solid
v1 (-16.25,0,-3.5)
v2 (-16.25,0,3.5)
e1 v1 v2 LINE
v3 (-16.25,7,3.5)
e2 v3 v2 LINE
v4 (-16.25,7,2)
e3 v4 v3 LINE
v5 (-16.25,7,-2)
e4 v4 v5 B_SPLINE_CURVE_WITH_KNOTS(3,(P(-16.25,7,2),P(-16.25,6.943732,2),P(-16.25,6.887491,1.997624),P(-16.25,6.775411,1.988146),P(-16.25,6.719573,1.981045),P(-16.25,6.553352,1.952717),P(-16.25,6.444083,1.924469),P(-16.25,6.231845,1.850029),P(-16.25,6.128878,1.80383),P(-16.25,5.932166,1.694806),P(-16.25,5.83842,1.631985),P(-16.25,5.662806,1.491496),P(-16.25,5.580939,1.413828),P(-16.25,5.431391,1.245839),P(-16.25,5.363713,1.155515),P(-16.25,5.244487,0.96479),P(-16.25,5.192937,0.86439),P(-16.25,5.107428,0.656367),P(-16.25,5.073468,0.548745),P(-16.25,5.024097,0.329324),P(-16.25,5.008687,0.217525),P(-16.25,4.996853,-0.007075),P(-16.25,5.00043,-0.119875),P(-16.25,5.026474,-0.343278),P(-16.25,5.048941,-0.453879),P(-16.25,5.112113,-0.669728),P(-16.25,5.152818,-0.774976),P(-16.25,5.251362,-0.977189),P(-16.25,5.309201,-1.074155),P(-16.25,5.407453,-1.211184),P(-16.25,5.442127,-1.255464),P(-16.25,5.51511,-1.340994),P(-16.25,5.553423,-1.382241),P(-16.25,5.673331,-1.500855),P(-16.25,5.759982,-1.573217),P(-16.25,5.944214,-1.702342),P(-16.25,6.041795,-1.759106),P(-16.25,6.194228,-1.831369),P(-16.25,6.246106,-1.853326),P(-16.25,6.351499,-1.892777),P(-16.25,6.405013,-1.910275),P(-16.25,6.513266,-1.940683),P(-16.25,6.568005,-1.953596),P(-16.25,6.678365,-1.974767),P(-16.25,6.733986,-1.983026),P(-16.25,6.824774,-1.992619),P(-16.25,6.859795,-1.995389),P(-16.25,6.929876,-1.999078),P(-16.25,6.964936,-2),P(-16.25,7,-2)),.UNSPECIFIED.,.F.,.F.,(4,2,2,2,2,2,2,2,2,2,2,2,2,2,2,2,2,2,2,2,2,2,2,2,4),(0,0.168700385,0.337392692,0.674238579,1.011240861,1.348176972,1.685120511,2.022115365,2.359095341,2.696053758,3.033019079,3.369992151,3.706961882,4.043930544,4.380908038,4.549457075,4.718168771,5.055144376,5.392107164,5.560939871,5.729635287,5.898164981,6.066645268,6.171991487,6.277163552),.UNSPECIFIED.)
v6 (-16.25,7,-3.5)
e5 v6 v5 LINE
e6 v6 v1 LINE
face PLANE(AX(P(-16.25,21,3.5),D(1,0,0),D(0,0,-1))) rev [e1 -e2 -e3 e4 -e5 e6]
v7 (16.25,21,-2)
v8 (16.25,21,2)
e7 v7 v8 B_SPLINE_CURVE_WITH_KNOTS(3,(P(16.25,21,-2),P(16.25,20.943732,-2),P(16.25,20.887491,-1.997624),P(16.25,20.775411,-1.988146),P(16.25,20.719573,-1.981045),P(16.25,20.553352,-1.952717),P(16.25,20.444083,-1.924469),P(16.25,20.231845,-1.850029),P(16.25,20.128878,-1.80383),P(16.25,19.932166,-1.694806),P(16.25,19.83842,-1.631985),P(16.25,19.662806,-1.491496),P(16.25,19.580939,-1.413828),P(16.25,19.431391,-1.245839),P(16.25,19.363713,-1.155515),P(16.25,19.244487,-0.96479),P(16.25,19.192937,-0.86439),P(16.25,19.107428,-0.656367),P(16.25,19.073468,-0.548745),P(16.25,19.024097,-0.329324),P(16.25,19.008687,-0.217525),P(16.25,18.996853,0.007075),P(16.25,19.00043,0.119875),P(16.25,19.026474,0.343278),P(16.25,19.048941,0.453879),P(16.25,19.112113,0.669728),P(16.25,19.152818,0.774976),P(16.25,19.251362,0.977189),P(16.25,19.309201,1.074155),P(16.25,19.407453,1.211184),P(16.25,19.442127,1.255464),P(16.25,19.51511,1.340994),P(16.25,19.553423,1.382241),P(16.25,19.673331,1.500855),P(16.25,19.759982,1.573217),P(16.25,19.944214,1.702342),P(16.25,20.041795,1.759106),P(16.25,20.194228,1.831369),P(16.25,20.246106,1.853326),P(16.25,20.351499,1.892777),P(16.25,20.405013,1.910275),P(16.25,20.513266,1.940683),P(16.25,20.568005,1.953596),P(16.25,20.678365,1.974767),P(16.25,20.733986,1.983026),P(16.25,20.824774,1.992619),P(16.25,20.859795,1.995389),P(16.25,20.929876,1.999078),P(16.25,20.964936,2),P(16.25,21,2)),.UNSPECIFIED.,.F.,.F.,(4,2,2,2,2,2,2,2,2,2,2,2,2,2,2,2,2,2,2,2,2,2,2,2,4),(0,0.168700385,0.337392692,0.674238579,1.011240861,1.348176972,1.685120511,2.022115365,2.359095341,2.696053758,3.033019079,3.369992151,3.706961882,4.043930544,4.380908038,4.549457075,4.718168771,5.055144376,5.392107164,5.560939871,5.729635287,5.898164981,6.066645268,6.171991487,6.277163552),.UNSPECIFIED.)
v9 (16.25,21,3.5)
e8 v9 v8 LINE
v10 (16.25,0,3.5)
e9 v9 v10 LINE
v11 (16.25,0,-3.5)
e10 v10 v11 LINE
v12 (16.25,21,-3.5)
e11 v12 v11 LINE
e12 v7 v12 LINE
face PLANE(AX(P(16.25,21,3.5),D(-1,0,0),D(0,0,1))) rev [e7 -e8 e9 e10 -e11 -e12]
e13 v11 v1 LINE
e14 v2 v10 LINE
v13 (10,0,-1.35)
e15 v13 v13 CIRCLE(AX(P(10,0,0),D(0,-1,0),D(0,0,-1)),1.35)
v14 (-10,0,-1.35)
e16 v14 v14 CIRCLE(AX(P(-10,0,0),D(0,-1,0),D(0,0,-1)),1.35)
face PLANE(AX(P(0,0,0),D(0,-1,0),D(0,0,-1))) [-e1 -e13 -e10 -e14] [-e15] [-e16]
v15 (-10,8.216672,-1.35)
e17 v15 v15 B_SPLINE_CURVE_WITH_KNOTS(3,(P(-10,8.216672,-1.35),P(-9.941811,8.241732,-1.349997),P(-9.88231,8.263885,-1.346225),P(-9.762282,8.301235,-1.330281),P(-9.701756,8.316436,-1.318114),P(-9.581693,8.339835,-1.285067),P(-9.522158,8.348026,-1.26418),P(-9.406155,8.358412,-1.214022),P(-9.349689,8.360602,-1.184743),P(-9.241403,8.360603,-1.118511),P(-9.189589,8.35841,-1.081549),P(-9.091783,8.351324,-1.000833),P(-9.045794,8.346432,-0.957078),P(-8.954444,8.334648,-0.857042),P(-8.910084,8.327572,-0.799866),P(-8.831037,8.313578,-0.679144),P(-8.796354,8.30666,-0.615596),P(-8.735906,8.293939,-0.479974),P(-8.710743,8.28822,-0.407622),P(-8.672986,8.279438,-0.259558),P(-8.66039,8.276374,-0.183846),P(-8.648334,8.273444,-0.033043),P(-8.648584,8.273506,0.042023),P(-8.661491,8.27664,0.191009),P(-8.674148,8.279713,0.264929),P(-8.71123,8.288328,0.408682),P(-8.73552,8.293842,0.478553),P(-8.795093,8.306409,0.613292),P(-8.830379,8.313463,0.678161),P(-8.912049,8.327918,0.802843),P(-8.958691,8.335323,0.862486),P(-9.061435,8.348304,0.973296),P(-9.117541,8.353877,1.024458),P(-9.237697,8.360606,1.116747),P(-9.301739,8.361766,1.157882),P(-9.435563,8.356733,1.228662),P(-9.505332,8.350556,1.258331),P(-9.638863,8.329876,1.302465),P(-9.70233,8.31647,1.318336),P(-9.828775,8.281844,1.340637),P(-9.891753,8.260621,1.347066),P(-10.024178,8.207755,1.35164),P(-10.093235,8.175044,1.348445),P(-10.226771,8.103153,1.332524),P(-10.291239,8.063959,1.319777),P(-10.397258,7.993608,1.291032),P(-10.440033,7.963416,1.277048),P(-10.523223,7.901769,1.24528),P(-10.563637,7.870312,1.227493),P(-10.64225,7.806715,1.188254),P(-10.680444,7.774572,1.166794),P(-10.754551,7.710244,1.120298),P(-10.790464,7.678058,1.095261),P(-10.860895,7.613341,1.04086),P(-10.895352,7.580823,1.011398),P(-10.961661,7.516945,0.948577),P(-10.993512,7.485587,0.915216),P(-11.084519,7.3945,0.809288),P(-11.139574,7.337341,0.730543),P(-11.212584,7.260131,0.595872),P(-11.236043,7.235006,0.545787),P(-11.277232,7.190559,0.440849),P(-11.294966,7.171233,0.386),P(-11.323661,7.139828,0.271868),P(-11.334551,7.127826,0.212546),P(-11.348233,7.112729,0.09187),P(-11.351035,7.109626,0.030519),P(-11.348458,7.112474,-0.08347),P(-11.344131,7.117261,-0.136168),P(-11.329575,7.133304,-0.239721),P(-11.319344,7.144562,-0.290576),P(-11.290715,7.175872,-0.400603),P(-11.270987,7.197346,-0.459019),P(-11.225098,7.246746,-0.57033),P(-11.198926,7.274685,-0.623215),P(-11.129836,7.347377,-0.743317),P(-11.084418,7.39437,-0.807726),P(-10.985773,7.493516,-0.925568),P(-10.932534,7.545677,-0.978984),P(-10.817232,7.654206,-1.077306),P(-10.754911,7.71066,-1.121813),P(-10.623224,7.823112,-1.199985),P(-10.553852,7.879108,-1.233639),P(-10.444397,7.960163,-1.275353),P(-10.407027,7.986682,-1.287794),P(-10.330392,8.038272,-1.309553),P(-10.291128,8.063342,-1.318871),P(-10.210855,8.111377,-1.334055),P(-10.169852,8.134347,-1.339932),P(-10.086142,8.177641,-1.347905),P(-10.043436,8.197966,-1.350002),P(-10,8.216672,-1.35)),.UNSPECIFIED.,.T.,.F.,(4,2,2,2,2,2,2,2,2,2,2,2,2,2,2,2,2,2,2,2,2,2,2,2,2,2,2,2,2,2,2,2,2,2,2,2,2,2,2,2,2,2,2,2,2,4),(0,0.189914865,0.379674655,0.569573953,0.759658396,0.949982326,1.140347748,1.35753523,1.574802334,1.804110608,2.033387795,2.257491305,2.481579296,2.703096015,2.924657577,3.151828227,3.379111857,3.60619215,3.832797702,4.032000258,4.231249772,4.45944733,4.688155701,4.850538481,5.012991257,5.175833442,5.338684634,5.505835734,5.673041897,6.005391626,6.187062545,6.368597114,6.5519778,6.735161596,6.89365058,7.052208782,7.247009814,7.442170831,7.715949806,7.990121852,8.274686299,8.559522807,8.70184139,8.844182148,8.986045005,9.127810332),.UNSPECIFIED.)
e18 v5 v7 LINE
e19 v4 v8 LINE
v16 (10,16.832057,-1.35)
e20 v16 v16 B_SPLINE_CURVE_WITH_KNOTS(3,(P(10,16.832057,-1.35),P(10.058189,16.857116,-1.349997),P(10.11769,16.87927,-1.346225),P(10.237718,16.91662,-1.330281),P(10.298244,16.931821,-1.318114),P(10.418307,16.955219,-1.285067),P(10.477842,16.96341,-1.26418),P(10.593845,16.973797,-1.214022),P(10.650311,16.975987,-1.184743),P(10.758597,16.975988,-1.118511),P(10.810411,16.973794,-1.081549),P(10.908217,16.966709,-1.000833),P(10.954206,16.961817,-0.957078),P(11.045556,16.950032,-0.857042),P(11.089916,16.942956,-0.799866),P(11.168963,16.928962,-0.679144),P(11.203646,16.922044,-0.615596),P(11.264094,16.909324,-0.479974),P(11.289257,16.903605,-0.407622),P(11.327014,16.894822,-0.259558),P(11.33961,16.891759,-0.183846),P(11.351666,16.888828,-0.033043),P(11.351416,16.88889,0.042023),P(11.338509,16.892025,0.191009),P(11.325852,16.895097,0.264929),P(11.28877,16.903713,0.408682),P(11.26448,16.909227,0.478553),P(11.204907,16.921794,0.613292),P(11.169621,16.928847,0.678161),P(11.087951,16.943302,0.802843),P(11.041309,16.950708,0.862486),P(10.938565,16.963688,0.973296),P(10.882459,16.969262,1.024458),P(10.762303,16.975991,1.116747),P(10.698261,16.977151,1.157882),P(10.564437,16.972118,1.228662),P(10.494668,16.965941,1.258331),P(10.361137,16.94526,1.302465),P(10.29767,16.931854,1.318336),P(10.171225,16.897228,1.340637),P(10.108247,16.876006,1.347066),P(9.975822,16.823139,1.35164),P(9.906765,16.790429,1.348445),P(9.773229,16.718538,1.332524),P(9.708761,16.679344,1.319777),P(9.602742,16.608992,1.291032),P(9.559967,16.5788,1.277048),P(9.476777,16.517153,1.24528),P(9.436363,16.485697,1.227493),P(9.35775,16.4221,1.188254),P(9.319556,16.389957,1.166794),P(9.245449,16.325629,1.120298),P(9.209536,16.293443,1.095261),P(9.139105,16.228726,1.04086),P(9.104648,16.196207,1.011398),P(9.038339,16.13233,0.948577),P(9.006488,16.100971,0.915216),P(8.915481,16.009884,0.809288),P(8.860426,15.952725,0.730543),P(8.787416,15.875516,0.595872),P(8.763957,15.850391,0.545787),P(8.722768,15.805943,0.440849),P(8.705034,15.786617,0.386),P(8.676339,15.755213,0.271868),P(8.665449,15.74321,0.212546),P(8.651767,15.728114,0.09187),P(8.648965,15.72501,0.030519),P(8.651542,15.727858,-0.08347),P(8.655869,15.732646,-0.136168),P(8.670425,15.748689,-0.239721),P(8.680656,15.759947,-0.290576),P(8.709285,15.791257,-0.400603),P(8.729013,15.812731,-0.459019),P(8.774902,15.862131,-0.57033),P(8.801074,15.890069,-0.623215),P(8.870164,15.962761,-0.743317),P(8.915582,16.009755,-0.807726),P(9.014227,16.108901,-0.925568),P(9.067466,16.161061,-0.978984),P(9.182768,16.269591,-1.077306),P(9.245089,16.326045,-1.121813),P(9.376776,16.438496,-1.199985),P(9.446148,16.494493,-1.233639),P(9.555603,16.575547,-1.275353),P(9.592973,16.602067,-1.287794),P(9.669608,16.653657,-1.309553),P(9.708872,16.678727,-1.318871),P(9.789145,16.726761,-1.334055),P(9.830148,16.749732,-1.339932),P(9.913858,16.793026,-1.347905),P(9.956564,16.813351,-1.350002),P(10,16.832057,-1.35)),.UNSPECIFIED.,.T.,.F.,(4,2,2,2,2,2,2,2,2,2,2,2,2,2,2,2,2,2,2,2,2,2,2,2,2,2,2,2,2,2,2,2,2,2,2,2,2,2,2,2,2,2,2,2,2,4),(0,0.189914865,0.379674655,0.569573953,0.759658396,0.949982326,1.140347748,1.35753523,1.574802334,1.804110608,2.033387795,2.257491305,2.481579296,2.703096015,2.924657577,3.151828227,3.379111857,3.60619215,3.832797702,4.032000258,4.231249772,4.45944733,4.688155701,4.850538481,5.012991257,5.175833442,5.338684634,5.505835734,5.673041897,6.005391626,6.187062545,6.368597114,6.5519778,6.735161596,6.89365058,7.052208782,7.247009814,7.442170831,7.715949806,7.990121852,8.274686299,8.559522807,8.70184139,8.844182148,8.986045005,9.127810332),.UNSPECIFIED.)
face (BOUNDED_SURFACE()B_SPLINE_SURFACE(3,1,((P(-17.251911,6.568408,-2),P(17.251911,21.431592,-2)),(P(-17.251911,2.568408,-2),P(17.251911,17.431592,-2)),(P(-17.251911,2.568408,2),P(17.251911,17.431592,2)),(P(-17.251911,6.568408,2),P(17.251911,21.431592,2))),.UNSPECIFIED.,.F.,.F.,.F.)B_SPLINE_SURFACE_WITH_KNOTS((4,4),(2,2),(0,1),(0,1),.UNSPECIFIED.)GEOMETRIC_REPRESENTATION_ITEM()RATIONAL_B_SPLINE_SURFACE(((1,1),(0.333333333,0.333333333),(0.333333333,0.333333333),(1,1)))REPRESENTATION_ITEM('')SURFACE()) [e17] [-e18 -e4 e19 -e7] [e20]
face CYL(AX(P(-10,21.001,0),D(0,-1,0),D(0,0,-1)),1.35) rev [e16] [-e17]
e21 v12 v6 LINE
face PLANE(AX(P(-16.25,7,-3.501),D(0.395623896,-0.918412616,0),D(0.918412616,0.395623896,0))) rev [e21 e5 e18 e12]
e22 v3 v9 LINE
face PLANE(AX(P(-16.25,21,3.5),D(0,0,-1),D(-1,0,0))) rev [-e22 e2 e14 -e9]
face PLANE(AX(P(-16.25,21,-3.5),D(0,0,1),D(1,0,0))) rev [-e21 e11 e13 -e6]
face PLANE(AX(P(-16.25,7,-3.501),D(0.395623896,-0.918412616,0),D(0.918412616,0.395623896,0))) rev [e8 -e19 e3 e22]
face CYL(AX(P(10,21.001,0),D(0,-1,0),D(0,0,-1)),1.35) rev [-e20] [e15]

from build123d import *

# Parameters (mm, degrees)
SKETCH_1_W          = 32.5
SKETCH_1_H          = 7
EXTRUDE_1_DEPTH     = 21
CUT_EXTRUDE_1_REACH = 28.783
SKETCH_2_R          = 1.35
CUT_EXTRUDE_2_REACH = 29.46


with BuildPart() as part:
    # 草图1 → 凸台-拉伸1 (new body)
    with BuildSketch(Plane(origin=(0, 0, 0), x_dir=(1, 0, 0), z_dir=(0, 1, 0))):
        Rectangle(SKETCH_1_W, SKETCH_1_H)
    extrude(amount=EXTRUDE_1_DEPTH)

    # 草图2 → 切除-拉伸1 (cut, up to next)
    with BuildSketch(Plane.XZ, mode=Mode.PRIVATE) as cut_extrude_1_sk1:
        with Locations(Location((-10, 0, 0), (0, 0, 270))):
            Circle(SKETCH_2_R)
    cut_extrude_1_tool1 = extrude(cut_extrude_1_sk1.sketch, amount=-CUT_EXTRUDE_1_REACH, mode=Mode.PRIVATE) & part.part
    # 草图2 → 切除-拉伸1 (cut, up to next)
    with BuildSketch(Plane.XZ, mode=Mode.PRIVATE) as cut_extrude_1_sk2:
        with Locations(Location((10, 0, 0), (0, 0, 270))):
            Circle(SKETCH_2_R)
    cut_extrude_1_tool2 = extrude(cut_extrude_1_sk2.sketch, amount=-CUT_EXTRUDE_1_REACH, mode=Mode.PRIVATE) & part.part
    add(cut_extrude_1_tool1.solids().sort_by_distance((-10, 0, 0))[0], mode=Mode.SUBTRACT)
    add(cut_extrude_1_tool2.solids().sort_by_distance((10, 0, 0))[0], mode=Mode.SUBTRACT)

    # 草图3 → 切除-拉伸2 (cut, up to next)
    with BuildSketch(Plane.XY.offset(3.5), mode=Mode.PRIVATE) as cut_extrude_2_sk1:
        Polygon((-16.25, 21), (-16.25, 7), (16.25, 21), align=None)
    cut_extrude_2_tool1 = extrude(cut_extrude_2_sk1.sketch, amount=-CUT_EXTRUDE_2_REACH, mode=Mode.PRIVATE) & part.part
    add(cut_extrude_2_tool1.solids().sort_by_distance((-5.416667, 16.333333, 3.5))[0], mode=Mode.SUBTRACT)

    # 切除-扫描1: sweep along a path in 草图5
    with BuildLine(Plane(origin=(-5.086843681, 11.80874426, 0), x_dir=(0.9184126158110062, 0.3956238960416641, 0), z_dir=(-0.3956238960416641, 0.9184126158110062, 0))) as sweep_1_path:
        Line((-12.154837735, 0), (23.232306824, 0))
    # 草图4 → 切除-扫描1 (sweep, cut)
    with BuildSketch(Plane.ZY.offset(16.25)):
        with BuildLine():
            Line((-2, 7), (2, 7))
            ThreePointArc((2, 7), (0, 5), (-2, 7))
        make_face()
    sweep(path=sweep_1_path.line, mode=Mode.SUBTRACT)


solid = part.part
